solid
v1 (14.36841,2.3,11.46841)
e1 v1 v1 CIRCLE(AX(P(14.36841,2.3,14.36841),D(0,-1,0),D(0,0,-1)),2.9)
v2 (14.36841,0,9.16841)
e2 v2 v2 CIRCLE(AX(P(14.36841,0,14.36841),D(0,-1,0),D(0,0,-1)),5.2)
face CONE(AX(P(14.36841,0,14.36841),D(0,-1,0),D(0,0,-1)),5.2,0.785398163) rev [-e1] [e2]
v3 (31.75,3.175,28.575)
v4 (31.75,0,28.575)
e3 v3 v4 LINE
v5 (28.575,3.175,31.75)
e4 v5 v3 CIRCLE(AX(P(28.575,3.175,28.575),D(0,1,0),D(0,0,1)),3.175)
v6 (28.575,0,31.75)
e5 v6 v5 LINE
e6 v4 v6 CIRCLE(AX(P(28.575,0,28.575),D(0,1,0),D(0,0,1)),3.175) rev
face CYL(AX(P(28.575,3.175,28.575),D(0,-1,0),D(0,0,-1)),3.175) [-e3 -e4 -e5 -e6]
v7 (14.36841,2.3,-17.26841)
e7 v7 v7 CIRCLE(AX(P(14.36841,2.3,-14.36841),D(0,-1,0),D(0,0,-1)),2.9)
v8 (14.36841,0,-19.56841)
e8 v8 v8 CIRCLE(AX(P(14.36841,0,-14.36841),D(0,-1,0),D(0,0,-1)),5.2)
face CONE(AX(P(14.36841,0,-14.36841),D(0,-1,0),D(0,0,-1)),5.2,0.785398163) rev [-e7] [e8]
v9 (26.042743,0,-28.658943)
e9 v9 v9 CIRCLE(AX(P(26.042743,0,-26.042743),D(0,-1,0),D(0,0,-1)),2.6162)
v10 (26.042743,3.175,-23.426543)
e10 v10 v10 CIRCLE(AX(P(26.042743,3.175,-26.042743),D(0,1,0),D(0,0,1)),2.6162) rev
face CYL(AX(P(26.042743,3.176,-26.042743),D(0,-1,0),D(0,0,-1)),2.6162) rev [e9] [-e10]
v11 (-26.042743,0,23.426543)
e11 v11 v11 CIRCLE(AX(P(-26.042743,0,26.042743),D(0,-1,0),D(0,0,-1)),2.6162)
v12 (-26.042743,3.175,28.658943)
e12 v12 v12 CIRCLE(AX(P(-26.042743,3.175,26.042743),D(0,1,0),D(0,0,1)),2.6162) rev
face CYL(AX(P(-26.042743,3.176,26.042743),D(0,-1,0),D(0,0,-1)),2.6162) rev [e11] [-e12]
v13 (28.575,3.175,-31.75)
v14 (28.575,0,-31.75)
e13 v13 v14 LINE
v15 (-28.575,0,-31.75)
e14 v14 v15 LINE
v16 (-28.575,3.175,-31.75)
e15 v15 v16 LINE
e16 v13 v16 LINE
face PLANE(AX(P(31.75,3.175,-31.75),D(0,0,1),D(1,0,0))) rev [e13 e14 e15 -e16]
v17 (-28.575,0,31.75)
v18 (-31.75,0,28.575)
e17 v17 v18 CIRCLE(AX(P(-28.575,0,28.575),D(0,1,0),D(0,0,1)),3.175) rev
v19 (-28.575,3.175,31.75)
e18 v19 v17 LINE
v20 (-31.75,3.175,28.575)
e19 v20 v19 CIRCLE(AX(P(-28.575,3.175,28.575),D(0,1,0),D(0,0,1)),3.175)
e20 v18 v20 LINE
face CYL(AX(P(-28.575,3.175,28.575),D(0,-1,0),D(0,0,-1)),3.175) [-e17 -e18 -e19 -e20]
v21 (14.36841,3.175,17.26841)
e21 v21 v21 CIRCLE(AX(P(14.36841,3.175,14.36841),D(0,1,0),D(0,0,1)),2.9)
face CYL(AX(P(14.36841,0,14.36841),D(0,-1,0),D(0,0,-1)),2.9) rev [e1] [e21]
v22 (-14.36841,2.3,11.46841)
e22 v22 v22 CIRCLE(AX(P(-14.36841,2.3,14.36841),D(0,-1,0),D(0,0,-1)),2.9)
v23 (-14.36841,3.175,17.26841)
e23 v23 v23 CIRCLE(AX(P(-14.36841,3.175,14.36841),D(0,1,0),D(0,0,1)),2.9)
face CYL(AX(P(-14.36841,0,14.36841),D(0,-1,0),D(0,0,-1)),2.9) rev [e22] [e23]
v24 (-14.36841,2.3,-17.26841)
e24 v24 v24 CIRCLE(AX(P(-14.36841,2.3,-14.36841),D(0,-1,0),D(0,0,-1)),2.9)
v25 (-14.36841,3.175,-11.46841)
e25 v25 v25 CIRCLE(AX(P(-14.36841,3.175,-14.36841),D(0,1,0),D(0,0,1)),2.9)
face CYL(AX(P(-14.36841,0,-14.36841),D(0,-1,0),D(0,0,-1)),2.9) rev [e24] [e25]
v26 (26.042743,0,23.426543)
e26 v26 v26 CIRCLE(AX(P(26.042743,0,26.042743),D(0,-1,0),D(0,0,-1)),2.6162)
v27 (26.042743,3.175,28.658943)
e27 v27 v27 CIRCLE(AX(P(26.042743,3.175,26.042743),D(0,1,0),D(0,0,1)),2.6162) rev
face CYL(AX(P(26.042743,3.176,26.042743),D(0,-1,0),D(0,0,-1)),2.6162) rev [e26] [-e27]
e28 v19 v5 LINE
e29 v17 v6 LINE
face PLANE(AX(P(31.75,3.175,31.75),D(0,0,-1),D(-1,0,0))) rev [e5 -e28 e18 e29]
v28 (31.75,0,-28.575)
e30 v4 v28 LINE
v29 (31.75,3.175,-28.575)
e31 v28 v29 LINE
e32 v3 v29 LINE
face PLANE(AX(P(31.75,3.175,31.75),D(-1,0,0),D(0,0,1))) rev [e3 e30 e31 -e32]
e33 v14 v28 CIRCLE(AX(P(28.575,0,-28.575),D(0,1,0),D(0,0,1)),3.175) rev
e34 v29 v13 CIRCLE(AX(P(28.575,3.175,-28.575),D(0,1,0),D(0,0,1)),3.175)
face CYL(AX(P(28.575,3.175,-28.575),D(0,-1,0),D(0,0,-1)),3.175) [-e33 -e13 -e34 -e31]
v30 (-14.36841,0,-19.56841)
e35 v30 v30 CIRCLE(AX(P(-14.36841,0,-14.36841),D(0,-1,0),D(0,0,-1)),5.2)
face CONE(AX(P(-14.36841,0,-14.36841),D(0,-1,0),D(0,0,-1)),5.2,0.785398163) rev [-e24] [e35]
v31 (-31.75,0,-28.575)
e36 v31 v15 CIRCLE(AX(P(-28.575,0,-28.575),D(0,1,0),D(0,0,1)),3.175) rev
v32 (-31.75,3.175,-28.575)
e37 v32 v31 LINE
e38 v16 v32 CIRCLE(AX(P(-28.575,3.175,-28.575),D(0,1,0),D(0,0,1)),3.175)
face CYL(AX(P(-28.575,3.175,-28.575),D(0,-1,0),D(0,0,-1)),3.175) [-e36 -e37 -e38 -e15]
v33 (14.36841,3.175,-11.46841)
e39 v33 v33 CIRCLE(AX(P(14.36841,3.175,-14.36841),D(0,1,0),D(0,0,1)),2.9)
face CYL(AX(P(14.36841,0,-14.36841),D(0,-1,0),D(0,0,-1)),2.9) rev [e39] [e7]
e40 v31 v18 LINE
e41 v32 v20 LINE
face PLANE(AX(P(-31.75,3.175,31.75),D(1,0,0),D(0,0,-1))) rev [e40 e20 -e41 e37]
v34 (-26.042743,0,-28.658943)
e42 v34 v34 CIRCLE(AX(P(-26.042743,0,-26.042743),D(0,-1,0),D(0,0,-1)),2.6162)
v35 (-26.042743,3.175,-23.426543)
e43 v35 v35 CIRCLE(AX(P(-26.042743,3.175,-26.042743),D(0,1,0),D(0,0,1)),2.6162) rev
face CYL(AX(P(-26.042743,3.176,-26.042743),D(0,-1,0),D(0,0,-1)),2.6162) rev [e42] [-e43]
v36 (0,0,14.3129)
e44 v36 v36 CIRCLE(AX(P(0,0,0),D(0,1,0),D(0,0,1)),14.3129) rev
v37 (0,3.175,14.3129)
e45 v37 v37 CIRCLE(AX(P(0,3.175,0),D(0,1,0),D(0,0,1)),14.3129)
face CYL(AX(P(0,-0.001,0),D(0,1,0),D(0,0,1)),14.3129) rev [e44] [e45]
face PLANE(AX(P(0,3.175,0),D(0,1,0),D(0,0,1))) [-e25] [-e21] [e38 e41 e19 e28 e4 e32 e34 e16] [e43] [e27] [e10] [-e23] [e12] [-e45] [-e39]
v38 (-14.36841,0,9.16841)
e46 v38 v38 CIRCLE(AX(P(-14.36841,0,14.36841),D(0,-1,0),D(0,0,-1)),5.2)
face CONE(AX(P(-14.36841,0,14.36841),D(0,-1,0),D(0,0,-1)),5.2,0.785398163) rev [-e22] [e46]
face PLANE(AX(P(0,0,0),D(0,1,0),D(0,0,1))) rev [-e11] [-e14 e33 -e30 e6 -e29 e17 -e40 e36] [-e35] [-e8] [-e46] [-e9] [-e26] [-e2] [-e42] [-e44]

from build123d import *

# Parameters (mm, degrees)
SKETCH1_W                                       = 63.5
SKETCH1_H                                       = 63.5
BOSS_EXTRUDE1_DEPTH                             = 3.175
CUT_EXTRUDE1_REACH                              = 47.013
SKETCH2_R                                       = 14.3129
CSK_FOR_M5_FLAT_HEAD_MACHINE_SCREW1_D           = 5.8
CSK_FOR_M5_FLAT_HEAD_MACHINE_SCREW1_DEPTH       = 6.35
CSK_FOR_M5_FLAT_HEAD_MACHINE_SCREW1_CSINK_D     = 10.4
CSK_FOR_M5_FLAT_HEAD_MACHINE_SCREW1_CSINK_ANGLE = 90
CSK_FOR_M5_FLAT_HEAD_MACHINE_SCREW1_TIP         = 1.742495795
FILLET1_R                                       = 3.175
CUT_EXTRUDE2_REACH                              = 47.013
SKETCH5_R                                       = 2.6162


with BuildPart() as part:
    # Sketch1 → Boss-Extrude1 (new body)
    with BuildSketch(Plane(origin=(0, 0, 0), x_dir=(1, 0, 0), z_dir=(0, 1, 0))):
        Rectangle(SKETCH1_W, SKETCH1_H)
    extrude(amount=BOSS_EXTRUDE1_DEPTH)

    # Sketch2 → Cut-Extrude1 (cut, up to next)
    with BuildSketch(Plane(origin=(0, 3.175, 0), x_dir=(1, 0, 0), z_dir=(0, 1, 0)), mode=Mode.PRIVATE) as cut_extrude1_sk1:
        with Locations(Location((0, 0, 0), (0, 0, 270))):
            Circle(SKETCH2_R)
    cut_extrude1_tool1 = extrude(cut_extrude1_sk1.sketch, amount=-CUT_EXTRUDE1_REACH, mode=Mode.PRIVATE) & part.part
    add(cut_extrude1_tool1.solids().sort_by_distance((0, 3.175, 0))[0], mode=Mode.SUBTRACT)

    # CSK for M5 Flat Head Machine Screw1
    with Locations(Plane(origin=(-14.368409794, 0, 14.368409794), x_dir=(0, 0, -1), z_dir=(0, -1, 0))):
        with Locations((0, 0), (0, 28.736819588), (28.736819588, 28.736819588), (28.736819588, 0)):
            CounterSinkHole(CSK_FOR_M5_FLAT_HEAD_MACHINE_SCREW1_D / 2, CSK_FOR_M5_FLAT_HEAD_MACHINE_SCREW1_CSINK_D / 2, depth=CSK_FOR_M5_FLAT_HEAD_MACHINE_SCREW1_DEPTH, counter_sink_angle=CSK_FOR_M5_FLAT_HEAD_MACHINE_SCREW1_CSINK_ANGLE)
            with Locations((0, 0, -(CSK_FOR_M5_FLAT_HEAD_MACHINE_SCREW1_DEPTH + CSK_FOR_M5_FLAT_HEAD_MACHINE_SCREW1_TIP / 2))):  # 118° drill point
                Cone(0, CSK_FOR_M5_FLAT_HEAD_MACHINE_SCREW1_D / 2, CSK_FOR_M5_FLAT_HEAD_MACHINE_SCREW1_TIP, mode=Mode.SUBTRACT)

    # Fillet1
    fillet1_edges = [part.edges().sort_by_distance(p)[0] for p in [
        (-31.75, 1.5875, -31.75),
        (31.75, 1.5875, -31.75),
        (31.75, 1.5875, 31.75),
        (-31.75, 1.5875, 31.75),
    ]]
    fillet(fillet1_edges, radius=FILLET1_R)

    # Sketch5 → Cut-Extrude2 (cut, up to next)
    with BuildSketch(Plane(origin=(0, 0, 0), x_dir=(-1, 0, 0), z_dir=(0, -1, 0)), mode=Mode.PRIVATE) as cut_extrude2_sk1:
        with Locations(Location((-26.042742751, -26.042742751, 0), (0, 0, 90))):
            Circle(SKETCH5_R)
    cut_extrude2_tool1 = extrude(cut_extrude2_sk1.sketch, amount=-CUT_EXTRUDE2_REACH, mode=Mode.PRIVATE) & part.part
    # Sketch5 → Cut-Extrude2 (cut, up to next)
    with BuildSketch(Plane(origin=(0, 0, 0), x_dir=(-1, 0, 0), z_dir=(0, -1, 0)), mode=Mode.PRIVATE) as cut_extrude2_sk2:
        with Locations(Location((-26.042742751, 26.042742751, 0), (0, 0, 90))):
            Circle(SKETCH5_R)
    cut_extrude2_tool2 = extrude(cut_extrude2_sk2.sketch, amount=-CUT_EXTRUDE2_REACH, mode=Mode.PRIVATE) & part.part
    # Sketch5 → Cut-Extrude2 (cut, up to next)
    with BuildSketch(Plane(origin=(0, 0, 0), x_dir=(-1, 0, 0), z_dir=(0, -1, 0)), mode=Mode.PRIVATE) as cut_extrude2_sk3:
        with Locations(Location((26.042742751, 26.042742751, 0), (0, 0, 90))):
            Circle(SKETCH5_R)
    cut_extrude2_tool3 = extrude(cut_extrude2_sk3.sketch, amount=-CUT_EXTRUDE2_REACH, mode=Mode.PRIVATE) & part.part
    # Sketch5 → Cut-Extrude2 (cut, up to next)
    with BuildSketch(Plane(origin=(0, 0, 0), x_dir=(-1, 0, 0), z_dir=(0, -1, 0)), mode=Mode.PRIVATE) as cut_extrude2_sk4:
        with Locations(Location((26.042742751, -26.042742751, 0), (0, 0, 90))):
            Circle(SKETCH5_R)
    cut_extrude2_tool4 = extrude(cut_extrude2_sk4.sketch, amount=-CUT_EXTRUDE2_REACH, mode=Mode.PRIVATE) & part.part
    add(cut_extrude2_tool1.solids().sort_by_distance((26.042743, 0, 26.042743))[0], mode=Mode.SUBTRACT)
    add(cut_extrude2_tool2.solids().sort_by_distance((26.042743, 0, -26.042743))[0], mode=Mode.SUBTRACT)
    add(cut_extrude2_tool3.solids().sort_by_distance((-26.042743, 0, -26.042743))[0], mode=Mode.SUBTRACT)
    add(cut_extrude2_tool4.solids().sort_by_distance((-26.042743, 0, 26.042743))[0], mode=Mode.SUBTRACT)


solid = part.part
